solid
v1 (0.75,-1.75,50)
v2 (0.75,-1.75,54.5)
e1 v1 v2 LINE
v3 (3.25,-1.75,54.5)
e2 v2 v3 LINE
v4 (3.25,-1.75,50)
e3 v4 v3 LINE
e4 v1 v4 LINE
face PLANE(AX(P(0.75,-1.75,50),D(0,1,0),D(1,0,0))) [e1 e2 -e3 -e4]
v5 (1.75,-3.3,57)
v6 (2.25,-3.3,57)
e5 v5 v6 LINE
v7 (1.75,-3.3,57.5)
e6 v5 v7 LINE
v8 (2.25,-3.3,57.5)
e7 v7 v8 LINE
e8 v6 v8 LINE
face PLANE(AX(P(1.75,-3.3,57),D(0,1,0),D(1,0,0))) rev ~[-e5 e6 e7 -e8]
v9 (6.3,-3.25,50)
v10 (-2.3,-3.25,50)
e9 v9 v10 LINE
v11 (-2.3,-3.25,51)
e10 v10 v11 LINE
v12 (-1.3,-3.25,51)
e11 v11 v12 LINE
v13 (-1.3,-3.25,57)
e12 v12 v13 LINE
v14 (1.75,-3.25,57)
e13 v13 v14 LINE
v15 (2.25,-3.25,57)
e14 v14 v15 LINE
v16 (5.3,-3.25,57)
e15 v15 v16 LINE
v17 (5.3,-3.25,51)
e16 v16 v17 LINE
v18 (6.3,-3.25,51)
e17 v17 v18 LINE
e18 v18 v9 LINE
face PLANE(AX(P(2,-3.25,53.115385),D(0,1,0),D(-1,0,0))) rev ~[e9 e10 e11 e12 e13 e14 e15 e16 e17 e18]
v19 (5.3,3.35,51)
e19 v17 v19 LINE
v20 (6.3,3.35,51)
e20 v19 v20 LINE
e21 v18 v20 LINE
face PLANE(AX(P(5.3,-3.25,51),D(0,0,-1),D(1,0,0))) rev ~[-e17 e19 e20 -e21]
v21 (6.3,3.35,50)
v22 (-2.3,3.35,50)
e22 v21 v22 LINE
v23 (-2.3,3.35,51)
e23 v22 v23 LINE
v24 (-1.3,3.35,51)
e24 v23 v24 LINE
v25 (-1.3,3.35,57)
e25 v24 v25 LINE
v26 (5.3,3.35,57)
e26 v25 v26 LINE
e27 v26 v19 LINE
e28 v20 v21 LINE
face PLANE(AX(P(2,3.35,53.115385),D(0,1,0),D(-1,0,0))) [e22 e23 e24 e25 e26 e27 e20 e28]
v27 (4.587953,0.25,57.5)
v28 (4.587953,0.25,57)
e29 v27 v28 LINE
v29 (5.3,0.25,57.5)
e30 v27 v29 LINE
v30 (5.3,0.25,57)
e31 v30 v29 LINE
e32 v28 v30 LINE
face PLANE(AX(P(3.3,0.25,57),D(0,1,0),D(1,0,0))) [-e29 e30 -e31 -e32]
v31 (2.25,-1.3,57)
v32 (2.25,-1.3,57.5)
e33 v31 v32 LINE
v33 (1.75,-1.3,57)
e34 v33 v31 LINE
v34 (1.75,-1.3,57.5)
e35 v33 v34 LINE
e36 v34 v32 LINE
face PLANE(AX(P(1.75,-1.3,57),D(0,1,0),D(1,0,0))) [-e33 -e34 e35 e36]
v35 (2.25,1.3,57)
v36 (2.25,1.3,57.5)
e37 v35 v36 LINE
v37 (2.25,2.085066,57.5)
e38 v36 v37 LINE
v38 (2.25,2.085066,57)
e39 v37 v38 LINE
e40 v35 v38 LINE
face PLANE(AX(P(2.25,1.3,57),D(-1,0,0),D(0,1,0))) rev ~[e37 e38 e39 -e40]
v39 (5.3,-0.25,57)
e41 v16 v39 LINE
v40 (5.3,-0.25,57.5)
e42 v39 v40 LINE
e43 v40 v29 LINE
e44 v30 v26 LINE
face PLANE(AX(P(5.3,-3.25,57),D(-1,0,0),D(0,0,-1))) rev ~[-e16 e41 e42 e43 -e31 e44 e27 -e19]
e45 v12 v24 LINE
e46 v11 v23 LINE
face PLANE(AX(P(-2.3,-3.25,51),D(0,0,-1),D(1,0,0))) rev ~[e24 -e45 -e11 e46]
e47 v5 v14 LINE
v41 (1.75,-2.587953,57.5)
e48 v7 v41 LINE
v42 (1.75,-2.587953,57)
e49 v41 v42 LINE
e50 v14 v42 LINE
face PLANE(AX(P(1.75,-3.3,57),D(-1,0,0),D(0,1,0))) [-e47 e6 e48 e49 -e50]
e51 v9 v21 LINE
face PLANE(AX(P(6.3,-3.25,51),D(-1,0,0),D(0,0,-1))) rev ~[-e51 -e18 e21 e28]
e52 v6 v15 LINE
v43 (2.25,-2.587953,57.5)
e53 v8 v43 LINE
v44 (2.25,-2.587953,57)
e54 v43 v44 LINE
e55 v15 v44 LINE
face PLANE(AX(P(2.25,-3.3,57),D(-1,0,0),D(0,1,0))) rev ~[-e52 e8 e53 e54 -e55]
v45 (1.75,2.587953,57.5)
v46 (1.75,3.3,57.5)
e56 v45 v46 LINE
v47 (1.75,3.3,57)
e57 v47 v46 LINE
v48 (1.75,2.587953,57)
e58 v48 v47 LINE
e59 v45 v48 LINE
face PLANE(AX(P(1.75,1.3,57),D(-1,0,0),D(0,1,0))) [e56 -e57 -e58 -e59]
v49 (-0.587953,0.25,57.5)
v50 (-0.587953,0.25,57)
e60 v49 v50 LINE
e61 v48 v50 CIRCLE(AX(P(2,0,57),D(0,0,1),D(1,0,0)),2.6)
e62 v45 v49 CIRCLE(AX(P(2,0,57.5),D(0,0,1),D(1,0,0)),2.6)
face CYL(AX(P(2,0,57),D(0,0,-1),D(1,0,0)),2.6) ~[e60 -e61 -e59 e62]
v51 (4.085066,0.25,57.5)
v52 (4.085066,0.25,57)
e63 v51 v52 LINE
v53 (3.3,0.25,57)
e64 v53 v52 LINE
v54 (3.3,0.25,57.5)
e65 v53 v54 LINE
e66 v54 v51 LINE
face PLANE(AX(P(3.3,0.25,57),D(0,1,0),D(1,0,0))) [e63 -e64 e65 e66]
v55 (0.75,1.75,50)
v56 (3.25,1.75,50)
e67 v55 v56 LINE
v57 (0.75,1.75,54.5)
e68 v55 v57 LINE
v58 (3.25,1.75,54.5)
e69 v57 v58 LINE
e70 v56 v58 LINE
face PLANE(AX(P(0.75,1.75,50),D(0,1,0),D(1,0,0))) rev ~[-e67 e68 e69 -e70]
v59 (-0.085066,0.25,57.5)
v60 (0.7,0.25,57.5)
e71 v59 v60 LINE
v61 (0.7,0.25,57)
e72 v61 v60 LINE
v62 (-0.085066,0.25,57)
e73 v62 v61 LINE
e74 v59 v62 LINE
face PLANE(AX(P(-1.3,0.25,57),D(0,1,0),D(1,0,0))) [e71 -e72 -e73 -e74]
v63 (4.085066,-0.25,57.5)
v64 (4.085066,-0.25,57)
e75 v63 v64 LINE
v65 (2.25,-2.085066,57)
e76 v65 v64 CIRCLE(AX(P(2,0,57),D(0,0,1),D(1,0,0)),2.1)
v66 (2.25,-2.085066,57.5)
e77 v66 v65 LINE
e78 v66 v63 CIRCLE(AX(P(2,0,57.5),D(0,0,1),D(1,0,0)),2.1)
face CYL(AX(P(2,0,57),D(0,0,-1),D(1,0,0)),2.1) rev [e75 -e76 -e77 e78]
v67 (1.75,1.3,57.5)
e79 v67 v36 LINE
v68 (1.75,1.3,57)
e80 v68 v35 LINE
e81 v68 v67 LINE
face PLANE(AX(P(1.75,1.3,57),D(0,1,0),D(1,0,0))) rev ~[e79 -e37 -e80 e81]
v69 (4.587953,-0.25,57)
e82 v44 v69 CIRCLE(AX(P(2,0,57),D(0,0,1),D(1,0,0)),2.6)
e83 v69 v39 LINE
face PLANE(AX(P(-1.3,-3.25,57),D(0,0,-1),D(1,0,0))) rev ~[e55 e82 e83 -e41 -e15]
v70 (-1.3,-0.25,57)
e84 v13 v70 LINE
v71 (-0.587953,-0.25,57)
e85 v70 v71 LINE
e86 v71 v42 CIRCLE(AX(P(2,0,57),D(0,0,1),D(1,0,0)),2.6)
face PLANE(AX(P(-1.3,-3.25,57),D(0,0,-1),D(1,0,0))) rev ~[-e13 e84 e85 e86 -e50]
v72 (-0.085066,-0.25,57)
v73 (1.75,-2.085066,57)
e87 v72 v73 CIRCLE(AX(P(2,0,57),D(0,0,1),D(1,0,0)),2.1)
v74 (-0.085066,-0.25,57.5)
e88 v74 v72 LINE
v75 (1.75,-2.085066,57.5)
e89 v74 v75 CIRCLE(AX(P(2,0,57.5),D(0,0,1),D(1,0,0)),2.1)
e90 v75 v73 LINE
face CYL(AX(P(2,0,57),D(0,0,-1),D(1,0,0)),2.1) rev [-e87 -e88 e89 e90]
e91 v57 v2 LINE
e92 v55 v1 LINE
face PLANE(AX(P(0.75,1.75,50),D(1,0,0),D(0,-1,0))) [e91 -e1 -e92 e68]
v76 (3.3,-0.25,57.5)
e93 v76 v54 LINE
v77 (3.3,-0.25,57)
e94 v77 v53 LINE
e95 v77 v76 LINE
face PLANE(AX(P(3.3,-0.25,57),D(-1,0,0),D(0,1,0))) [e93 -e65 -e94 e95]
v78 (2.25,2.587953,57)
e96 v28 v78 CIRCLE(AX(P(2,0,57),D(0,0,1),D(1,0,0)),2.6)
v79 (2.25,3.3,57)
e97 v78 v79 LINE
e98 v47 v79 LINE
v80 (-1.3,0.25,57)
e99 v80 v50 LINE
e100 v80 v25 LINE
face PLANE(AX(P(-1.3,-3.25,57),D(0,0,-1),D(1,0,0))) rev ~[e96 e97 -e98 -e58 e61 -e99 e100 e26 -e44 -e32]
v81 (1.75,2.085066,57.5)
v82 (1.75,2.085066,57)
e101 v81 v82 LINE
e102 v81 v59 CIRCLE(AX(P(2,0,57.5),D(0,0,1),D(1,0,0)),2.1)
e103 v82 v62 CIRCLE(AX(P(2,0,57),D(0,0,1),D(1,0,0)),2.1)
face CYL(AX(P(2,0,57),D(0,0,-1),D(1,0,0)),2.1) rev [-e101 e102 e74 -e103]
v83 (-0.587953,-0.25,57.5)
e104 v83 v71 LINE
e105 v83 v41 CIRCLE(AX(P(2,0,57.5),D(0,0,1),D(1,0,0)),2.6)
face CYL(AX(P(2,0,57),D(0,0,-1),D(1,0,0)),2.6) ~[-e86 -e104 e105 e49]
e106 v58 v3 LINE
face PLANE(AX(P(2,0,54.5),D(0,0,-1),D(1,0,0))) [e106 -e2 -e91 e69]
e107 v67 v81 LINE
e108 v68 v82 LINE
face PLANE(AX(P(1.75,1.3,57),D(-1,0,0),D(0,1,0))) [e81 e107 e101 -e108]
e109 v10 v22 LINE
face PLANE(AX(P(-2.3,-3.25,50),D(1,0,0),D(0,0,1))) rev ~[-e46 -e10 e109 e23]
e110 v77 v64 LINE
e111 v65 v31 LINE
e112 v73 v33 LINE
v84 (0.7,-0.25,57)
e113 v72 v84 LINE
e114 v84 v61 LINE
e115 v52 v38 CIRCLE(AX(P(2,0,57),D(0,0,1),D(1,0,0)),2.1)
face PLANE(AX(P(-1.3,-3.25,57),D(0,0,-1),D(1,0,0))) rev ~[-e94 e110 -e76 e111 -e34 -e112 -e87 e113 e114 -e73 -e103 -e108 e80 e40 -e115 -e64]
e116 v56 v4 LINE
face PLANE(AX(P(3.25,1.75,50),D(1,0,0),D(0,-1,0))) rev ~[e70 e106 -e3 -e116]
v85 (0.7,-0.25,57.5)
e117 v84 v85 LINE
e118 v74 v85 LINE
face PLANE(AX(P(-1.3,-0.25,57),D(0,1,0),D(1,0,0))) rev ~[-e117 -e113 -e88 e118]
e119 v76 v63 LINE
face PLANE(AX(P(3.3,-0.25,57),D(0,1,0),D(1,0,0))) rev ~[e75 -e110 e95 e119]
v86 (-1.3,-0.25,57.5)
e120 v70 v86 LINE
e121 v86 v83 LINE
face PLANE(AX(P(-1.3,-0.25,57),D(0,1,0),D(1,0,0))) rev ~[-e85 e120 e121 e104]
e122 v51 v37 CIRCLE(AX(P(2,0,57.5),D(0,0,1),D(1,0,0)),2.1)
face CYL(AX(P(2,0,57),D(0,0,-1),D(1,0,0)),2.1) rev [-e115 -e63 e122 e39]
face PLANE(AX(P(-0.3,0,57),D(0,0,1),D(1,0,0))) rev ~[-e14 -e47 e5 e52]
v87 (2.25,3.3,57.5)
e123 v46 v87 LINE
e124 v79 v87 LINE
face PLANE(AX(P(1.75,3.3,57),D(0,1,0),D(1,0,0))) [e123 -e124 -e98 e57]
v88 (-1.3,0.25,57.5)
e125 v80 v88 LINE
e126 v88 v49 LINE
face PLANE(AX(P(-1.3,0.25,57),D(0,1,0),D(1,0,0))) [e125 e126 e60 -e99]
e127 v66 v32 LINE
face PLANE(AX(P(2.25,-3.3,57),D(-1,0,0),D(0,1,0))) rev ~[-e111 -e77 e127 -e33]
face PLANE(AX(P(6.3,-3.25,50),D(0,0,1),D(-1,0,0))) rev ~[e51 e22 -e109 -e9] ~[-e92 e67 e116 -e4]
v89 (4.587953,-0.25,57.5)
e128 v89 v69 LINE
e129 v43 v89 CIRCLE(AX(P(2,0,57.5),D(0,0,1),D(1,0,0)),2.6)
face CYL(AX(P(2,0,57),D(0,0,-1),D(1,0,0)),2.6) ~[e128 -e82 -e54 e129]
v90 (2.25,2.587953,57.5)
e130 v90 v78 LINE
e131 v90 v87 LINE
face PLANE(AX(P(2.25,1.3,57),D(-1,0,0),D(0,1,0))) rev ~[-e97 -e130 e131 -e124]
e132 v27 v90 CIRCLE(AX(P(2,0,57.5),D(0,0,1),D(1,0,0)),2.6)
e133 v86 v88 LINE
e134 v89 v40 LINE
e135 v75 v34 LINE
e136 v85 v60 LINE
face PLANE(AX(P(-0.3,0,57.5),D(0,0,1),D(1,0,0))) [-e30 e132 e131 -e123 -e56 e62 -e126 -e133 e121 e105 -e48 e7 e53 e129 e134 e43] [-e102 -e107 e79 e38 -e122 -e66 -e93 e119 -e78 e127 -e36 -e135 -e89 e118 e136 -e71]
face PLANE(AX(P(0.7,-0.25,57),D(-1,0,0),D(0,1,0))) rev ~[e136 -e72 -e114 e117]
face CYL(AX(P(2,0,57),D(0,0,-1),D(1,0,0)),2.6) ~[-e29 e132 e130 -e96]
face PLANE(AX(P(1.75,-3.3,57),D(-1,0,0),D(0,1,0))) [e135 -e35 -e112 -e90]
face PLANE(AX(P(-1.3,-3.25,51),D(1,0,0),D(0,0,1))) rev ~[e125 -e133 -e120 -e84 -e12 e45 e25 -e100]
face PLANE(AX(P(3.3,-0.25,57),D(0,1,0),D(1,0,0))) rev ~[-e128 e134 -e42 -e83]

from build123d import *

# Parameters (mm, degrees)
SKETCH040_W      = 0.5
SKETCH040_H      = 2
SKETCH040_W_2    = 2
SKETCH040_H_2    = 0.5
EXTRUDE046_DEPTH = 0.5
SKETCH014_W      = 2.5
SKETCH014_H      = 3.5
EXTRUDE015_DEPTH = 4.5
EXTRUDE014_DEPTH = 6.6
SKETCH038_R      = 2.6
SKETCH038_R_2    = 2.1
EXTRUDE_DEPTH    = 0.5


with BuildPart() as extrude046:
    # Sketch040 → Extrude046 (new body)
    with BuildSketch(Plane.XY.offset(20)):
        with Locations((0, 2.3)):
            Rectangle(SKETCH040_W, SKETCH040_H)
        with Locations((0, -2.3)):
            Rectangle(SKETCH040_W, SKETCH040_H)
        with Locations((-2.3, 0)):
            Rectangle(SKETCH040_W_2, SKETCH040_H_2)
        with Locations((2.3, 0)):
            Rectangle(SKETCH040_W_2, SKETCH040_H_2)
    extrude(amount=EXTRUDE046_DEPTH)


with BuildPart() as extrude046_1:
    # Extrude046 placement: moved
    add(extrude046.part.moved(Location((0, 0, -13))))


with BuildPart() as extrude015:
    # Sketch014 → Extrude015 (new body)
    with BuildSketch(Plane(origin=(0, 0, -10), x_dir=(1, 0, 0), z_dir=(0, 0, -1))):
        Rectangle(SKETCH014_W, SKETCH014_H)
    extrude(amount=-EXTRUDE015_DEPTH)


with BuildPart() as extrude015_1:
    # Extrude015 placement: moved
    add(extrude015.part.moved(Location((0, 0, 10))))


with BuildPart() as cap002:
    # Sketch013 → Extrude014 (new body)
    with BuildSketch(Plane.XZ.offset(10)):
        Polygon((-3.3, 7), (3.3, 7), (3.3, 1), (4.3, 1), (4.3, 0), (-4.3, 0), (-4.3, 1), (-3.3, 1), align=None)
    extrude(amount=-EXTRUDE014_DEPTH)


with BuildPart() as cap002_1:
    # Extrude014 placement: moved
    add(cap002.part.moved(Location((0, 6.75, 0))))

    # Cut023: cut Extrude015
    add(extrude015_1.part, mode=Mode.SUBTRACT)


with BuildPart() as focus:
    # Sketch038 → Extrude (new body)
    with BuildSketch(Plane.XY.offset(20)):
        Circle(SKETCH038_R)
        Circle(SKETCH038_R_2, mode=Mode.SUBTRACT)
    extrude(amount=EXTRUDE_DEPTH)


with BuildPart() as focus_1:
    # Extrude placement: moved
    add(focus.part.moved(Location((0, 0, -13))))

    # Fusion034: union Extrude046, cap002
    add(extrude046_1.part)
    add(cap002_1.part)


with BuildPart() as focus_2:
    # Fusion034 placement: moved
    add(focus_1.part.moved(Location((2, 0, 50))))


solid = focus_2.part
